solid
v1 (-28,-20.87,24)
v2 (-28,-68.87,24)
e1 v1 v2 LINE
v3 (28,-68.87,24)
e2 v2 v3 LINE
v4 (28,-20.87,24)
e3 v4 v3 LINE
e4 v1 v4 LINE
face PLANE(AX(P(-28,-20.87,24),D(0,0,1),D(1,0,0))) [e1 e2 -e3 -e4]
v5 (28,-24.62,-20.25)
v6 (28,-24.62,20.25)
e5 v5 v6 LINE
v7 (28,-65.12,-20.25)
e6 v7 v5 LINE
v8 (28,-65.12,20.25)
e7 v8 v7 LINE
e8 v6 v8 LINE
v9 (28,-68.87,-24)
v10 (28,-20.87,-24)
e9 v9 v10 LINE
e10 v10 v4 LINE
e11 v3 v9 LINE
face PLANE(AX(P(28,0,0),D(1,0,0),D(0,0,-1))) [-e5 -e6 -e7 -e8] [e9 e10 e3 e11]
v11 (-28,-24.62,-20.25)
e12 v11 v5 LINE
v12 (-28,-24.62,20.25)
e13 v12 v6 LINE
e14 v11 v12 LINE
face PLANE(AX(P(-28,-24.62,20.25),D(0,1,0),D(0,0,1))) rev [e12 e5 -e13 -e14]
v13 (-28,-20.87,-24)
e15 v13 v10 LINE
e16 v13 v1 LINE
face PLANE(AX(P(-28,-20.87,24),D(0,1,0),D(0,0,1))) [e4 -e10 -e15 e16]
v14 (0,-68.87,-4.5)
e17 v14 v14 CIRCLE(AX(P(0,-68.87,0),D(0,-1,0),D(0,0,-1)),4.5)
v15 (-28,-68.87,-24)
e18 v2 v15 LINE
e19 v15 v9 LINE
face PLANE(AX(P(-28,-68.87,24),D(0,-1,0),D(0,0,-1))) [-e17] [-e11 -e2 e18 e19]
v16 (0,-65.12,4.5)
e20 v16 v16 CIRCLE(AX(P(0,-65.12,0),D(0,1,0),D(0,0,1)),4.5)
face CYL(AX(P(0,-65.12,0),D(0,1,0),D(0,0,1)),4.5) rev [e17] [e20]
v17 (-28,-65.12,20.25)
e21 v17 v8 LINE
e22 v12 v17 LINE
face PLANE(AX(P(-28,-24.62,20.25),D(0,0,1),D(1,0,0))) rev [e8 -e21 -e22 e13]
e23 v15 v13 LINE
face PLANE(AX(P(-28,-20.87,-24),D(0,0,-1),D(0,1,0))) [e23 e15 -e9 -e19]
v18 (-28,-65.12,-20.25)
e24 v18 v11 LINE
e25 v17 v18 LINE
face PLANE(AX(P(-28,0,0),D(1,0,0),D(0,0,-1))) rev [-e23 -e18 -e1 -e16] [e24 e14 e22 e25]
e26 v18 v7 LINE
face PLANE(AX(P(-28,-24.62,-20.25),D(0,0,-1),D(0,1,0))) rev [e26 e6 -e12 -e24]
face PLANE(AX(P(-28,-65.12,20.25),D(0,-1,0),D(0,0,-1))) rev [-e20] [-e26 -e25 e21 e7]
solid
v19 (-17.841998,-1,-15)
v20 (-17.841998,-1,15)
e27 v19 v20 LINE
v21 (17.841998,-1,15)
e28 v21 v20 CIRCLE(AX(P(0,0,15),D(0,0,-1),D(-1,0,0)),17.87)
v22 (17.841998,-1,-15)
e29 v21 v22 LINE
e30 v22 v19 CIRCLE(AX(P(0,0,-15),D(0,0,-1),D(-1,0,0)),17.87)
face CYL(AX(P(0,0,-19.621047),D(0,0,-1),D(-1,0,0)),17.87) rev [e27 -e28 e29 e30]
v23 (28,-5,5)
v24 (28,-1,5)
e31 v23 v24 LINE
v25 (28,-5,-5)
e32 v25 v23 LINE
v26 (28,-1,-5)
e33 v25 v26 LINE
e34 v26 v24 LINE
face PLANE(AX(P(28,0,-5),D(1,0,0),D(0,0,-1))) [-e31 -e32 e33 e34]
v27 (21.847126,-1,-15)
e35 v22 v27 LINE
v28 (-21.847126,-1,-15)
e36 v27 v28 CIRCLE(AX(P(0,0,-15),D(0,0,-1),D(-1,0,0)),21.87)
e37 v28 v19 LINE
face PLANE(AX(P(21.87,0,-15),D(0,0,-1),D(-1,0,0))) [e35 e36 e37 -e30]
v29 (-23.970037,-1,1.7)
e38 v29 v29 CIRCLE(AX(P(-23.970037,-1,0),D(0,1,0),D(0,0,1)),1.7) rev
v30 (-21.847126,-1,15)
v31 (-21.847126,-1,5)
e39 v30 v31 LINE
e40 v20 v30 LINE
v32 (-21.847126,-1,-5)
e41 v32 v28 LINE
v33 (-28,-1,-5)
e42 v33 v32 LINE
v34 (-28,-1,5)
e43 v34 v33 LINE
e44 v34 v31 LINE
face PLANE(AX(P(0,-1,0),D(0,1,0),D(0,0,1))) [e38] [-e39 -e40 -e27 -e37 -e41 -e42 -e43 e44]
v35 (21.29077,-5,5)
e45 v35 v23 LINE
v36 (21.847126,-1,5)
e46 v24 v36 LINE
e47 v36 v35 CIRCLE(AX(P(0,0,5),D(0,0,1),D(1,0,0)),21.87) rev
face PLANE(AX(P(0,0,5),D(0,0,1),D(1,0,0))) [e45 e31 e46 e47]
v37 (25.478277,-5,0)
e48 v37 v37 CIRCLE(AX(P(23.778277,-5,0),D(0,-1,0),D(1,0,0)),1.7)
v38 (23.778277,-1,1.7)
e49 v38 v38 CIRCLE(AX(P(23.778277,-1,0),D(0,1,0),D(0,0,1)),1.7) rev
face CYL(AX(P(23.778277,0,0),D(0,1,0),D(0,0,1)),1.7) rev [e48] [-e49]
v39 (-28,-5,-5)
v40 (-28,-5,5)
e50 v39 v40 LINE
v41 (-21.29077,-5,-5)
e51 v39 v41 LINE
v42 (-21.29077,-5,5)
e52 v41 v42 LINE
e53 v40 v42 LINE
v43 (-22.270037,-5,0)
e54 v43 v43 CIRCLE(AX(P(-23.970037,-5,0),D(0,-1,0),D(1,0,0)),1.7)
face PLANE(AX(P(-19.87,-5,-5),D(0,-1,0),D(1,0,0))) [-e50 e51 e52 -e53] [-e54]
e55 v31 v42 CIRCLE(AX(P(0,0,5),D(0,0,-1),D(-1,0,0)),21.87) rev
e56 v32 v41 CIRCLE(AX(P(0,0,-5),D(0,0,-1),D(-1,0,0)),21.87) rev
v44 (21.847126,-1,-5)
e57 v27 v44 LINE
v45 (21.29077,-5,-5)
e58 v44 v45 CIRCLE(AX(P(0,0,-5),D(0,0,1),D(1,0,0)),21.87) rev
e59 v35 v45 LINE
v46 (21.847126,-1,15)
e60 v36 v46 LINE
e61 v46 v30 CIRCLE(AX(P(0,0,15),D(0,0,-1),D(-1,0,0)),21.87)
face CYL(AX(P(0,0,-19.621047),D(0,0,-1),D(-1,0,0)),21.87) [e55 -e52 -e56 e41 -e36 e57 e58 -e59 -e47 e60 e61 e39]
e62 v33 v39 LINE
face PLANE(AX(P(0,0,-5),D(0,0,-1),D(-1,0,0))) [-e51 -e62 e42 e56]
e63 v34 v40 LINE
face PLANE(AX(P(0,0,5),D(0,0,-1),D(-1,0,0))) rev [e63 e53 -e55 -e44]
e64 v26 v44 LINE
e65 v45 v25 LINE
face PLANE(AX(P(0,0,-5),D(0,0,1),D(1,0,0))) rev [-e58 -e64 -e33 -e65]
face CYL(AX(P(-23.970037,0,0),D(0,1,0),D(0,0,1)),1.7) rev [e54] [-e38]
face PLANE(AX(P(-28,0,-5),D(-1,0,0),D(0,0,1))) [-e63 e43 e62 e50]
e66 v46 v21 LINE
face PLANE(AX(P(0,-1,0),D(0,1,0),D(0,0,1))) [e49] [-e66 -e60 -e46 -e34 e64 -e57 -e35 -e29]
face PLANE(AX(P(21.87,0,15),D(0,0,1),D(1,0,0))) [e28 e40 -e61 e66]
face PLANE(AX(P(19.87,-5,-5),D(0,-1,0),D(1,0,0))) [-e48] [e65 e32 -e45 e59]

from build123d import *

# Parameters (mm, degrees)
SKETCH1_W                = 4
SKETCH1_H                = 30
REVOLVE1_ANGLE           = 180
SKETCH6_W                = 8.13
SKETCH6_H                = 5
BOSS_EXTRUDE3_DEPTH      = 5
BOSS_EXTRUDE3_DEPTH_BACK = 5
M3_CLEARANCE_HOLE1_D     = 3.4
M3_CLEARANCE_HOLE1_DEPTH = 8.87
M3_CLEARANCE_HOLE1_TIP   = 1.021463052
SKETCH11_W               = 62.08504313
SKETCH11_H               = 41.873291452
CUT_EXTRUDE1_DEPTH       = 1
SKETCH4_W                = 48
SKETCH4_H                = 48
SKETCH4_W_2              = 40.5
SKETCH4_H_2              = 40.5
BOSS_EXTRUDE4_DEPTH      = 28
BOSS_EXTRUDE4_DEPTH_BACK = 28


with BuildPart() as part:
    # Sketch1 → Revolve1 (revolve)
    with BuildSketch(Plane(origin=(0, 0, 0), x_dir=(1, 0, 0), z_dir=(0, 1, 0))):
        with Locations((-19.87, 0)):
            Rectangle(SKETCH1_W, SKETCH1_H)
    revolve(axis=Axis((0, 0, -19.621046531), (0, 0, 1)), revolution_arc=REVOLVE1_ANGLE)

    # Sketch6 → Boss-Extrude3 (add, two sides)
    with BuildSketch(Plane.XY) as boss_extrude3_sk:
        with Locations((-23.935, -2.5)):
            Rectangle(SKETCH6_W, SKETCH6_H)
        with Locations((23.935, -2.5)):
            Rectangle(SKETCH6_W, SKETCH6_H)
    extrude(amount=BOSS_EXTRUDE3_DEPTH)
    extrude(boss_extrude3_sk.sketch, amount=-BOSS_EXTRUDE3_DEPTH_BACK)

    # M3 Clearance Hole1
    with Locations(Plane(origin=(0, 0, 0), x_dir=(1, 0, 0), z_dir=(0, 1, 0))):
        with Locations((-23.970037453, 0), (23.778277154, 0)):
            Hole(M3_CLEARANCE_HOLE1_D / 2, depth=M3_CLEARANCE_HOLE1_DEPTH)
            with Locations((0, 0, -(M3_CLEARANCE_HOLE1_DEPTH + M3_CLEARANCE_HOLE1_TIP / 2))):  # 118° drill point
                Cone(0, M3_CLEARANCE_HOLE1_D / 2, M3_CLEARANCE_HOLE1_TIP, mode=Mode.SUBTRACT)

    # Sketch11 → Cut-Extrude1 (cut)
    with BuildSketch(Plane(origin=(0, 0, 0), x_dir=(1, 0, 0), z_dir=(0, 1, 0))):
        Rectangle(SKETCH11_W, SKETCH11_H)
    extrude(amount=-CUT_EXTRUDE1_DEPTH, mode=Mode.SUBTRACT)


with BuildPart() as body_2:
    # Sketch4 → Boss-Extrude4 (new body, two sides)
    with BuildSketch(Plane(origin=(0, 0, 0), x_dir=(0, 0, -1), z_dir=(1, 0, 0))) as boss_extrude4_sk:
        with Locations((0, -44.87)):
            Rectangle(SKETCH4_W, SKETCH4_H)
        with Locations((0, -44.87)):
            Rectangle(SKETCH4_W_2, SKETCH4_H_2, mode=Mode.SUBTRACT)
    extrude(amount=BOSS_EXTRUDE4_DEPTH)
    extrude(boss_extrude4_sk.sketch, amount=-BOSS_EXTRUDE4_DEPTH_BACK)

    # Sketch10 → M8 Clearance Hole1 (revolve, cut)
    with BuildSketch(Plane(origin=(0, -65.12, 0), x_dir=(0, 0, 1), z_dir=(1, 0, 0))):
        Polygon((0, 0), (0, 11.573872786), (4.5, 8.87), (4.5, 0), align=None)
    revolve(axis=Axis((0, -58.77, 0), (0, -1, 0)), mode=Mode.SUBTRACT)


solid = Compound([part.part, body_2.part])
